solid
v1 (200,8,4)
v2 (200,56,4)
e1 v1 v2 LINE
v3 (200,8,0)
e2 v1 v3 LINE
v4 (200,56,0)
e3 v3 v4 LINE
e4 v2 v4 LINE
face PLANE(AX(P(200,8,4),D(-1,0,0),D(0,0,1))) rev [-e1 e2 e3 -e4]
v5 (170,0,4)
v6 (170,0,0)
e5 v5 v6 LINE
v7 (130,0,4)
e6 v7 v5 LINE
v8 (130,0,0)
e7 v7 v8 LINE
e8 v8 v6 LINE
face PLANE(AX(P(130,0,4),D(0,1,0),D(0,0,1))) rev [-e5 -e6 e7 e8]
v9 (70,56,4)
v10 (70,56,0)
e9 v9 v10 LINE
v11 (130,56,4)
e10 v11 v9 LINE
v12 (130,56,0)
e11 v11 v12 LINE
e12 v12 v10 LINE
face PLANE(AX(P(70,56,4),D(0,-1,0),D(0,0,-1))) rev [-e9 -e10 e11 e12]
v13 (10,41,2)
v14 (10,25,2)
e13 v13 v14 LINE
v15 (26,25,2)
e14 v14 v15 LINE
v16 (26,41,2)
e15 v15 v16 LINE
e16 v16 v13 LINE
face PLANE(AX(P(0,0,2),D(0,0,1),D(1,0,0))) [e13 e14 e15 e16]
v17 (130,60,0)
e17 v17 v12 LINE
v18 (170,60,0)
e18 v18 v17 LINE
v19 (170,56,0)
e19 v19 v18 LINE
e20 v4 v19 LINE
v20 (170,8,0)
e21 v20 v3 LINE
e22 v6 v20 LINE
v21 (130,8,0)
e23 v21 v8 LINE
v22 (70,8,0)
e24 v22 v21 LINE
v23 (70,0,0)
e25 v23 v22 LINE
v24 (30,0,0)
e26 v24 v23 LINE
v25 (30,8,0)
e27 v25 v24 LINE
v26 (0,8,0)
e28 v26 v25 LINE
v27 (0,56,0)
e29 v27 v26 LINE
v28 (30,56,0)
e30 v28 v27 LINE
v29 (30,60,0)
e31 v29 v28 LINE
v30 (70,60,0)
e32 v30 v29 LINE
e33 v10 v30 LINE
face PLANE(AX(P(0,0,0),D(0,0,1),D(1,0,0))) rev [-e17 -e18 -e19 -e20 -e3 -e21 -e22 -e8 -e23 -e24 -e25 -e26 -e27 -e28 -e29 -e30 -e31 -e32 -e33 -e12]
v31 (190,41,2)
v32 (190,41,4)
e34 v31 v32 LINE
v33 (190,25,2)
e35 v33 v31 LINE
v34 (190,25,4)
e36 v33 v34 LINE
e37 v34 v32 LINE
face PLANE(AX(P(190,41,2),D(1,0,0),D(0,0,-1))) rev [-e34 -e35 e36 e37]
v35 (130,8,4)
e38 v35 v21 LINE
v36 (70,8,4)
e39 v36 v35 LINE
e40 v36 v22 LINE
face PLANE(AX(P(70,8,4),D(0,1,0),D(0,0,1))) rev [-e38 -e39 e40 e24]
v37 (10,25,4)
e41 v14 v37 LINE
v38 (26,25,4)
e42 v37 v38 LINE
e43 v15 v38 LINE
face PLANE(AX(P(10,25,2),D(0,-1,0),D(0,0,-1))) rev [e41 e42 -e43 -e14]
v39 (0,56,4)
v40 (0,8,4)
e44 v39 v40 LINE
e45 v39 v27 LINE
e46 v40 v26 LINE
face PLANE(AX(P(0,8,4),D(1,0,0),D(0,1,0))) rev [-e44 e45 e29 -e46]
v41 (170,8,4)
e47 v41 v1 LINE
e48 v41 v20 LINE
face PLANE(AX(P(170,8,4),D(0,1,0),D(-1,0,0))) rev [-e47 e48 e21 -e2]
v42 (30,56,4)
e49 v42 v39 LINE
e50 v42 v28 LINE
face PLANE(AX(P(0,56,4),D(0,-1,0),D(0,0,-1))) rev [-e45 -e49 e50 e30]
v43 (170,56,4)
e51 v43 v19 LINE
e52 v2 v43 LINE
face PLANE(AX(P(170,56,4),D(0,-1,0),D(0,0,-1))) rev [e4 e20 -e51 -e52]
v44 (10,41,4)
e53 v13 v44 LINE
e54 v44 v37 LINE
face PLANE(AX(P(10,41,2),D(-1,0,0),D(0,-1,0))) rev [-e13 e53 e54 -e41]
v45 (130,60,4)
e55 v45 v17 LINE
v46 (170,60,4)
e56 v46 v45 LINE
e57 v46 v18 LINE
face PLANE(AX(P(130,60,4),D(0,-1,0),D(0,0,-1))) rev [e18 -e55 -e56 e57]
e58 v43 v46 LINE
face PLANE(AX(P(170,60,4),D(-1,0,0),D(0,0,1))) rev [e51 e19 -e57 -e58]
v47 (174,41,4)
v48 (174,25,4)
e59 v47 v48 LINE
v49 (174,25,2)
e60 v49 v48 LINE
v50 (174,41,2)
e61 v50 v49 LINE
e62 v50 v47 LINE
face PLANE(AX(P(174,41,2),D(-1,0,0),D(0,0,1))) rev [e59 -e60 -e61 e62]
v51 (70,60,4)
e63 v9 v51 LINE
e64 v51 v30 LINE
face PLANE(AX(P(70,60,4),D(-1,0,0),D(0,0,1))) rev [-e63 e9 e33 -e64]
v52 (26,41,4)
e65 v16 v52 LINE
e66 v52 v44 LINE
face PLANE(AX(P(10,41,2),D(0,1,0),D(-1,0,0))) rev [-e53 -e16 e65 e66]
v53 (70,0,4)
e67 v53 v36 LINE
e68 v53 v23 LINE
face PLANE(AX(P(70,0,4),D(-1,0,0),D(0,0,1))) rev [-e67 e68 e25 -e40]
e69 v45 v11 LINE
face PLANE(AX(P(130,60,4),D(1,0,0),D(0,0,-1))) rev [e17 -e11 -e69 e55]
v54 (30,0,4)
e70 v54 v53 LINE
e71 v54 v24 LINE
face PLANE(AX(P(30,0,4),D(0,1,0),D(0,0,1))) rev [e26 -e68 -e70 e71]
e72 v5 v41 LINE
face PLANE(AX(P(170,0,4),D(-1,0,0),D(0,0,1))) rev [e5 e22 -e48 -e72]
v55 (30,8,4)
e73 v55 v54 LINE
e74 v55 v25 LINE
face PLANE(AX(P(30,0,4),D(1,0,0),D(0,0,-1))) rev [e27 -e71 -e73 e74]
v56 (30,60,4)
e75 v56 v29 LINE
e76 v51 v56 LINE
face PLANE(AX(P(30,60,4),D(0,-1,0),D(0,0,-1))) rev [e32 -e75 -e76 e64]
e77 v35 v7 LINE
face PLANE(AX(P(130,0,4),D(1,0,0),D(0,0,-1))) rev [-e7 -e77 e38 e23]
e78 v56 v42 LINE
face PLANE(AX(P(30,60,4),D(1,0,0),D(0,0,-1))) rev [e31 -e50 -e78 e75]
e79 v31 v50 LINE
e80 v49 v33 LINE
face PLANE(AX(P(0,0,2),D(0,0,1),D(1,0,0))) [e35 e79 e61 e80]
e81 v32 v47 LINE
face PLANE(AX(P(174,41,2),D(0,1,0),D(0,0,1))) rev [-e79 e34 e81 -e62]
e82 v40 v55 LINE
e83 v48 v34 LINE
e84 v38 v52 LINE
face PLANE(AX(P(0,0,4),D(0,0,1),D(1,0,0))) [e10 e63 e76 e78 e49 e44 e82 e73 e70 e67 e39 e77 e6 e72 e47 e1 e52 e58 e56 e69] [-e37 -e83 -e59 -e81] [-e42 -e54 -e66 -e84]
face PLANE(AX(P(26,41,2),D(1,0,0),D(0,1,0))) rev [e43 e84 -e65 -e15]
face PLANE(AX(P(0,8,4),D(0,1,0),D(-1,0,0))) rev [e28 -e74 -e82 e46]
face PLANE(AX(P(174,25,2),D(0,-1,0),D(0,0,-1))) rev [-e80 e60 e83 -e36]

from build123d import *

# Parameters (mm, degrees)
BOSS_EXTRUDE1_DEPTH = 4
SKETCH2_W           = 16
SKETCH2_H           = 16
CUT_EXTRUDE1_DEPTH  = 2


with BuildPart() as part:
    # Sketch1 → Boss-Extrude1 (new body)
    with BuildSketch(Plane.XY):
        Polygon((30, 60), (70, 60), (70, 56), (130, 56), (130, 60), (170, 60), (170, 56), (200, 56), (200, 8), (170, 8), (170, 0), (130, 0), (130, 8), (70, 8), (70, 0), (30, 0), (30, 8), (0, 8), (0, 56), (30, 56), align=None)
    extrude(amount=BOSS_EXTRUDE1_DEPTH)

    # Sketch2 → Cut-Extrude1 (cut)
    with BuildSketch(Plane.XY.offset(4)):
        with Locations((18, 33)):
            Rectangle(SKETCH2_W, SKETCH2_H)
        with Locations((182, 33)):
            Rectangle(SKETCH2_W, SKETCH2_H)
    extrude(amount=-CUT_EXTRUDE1_DEPTH, mode=Mode.SUBTRACT)


solid = part.part
